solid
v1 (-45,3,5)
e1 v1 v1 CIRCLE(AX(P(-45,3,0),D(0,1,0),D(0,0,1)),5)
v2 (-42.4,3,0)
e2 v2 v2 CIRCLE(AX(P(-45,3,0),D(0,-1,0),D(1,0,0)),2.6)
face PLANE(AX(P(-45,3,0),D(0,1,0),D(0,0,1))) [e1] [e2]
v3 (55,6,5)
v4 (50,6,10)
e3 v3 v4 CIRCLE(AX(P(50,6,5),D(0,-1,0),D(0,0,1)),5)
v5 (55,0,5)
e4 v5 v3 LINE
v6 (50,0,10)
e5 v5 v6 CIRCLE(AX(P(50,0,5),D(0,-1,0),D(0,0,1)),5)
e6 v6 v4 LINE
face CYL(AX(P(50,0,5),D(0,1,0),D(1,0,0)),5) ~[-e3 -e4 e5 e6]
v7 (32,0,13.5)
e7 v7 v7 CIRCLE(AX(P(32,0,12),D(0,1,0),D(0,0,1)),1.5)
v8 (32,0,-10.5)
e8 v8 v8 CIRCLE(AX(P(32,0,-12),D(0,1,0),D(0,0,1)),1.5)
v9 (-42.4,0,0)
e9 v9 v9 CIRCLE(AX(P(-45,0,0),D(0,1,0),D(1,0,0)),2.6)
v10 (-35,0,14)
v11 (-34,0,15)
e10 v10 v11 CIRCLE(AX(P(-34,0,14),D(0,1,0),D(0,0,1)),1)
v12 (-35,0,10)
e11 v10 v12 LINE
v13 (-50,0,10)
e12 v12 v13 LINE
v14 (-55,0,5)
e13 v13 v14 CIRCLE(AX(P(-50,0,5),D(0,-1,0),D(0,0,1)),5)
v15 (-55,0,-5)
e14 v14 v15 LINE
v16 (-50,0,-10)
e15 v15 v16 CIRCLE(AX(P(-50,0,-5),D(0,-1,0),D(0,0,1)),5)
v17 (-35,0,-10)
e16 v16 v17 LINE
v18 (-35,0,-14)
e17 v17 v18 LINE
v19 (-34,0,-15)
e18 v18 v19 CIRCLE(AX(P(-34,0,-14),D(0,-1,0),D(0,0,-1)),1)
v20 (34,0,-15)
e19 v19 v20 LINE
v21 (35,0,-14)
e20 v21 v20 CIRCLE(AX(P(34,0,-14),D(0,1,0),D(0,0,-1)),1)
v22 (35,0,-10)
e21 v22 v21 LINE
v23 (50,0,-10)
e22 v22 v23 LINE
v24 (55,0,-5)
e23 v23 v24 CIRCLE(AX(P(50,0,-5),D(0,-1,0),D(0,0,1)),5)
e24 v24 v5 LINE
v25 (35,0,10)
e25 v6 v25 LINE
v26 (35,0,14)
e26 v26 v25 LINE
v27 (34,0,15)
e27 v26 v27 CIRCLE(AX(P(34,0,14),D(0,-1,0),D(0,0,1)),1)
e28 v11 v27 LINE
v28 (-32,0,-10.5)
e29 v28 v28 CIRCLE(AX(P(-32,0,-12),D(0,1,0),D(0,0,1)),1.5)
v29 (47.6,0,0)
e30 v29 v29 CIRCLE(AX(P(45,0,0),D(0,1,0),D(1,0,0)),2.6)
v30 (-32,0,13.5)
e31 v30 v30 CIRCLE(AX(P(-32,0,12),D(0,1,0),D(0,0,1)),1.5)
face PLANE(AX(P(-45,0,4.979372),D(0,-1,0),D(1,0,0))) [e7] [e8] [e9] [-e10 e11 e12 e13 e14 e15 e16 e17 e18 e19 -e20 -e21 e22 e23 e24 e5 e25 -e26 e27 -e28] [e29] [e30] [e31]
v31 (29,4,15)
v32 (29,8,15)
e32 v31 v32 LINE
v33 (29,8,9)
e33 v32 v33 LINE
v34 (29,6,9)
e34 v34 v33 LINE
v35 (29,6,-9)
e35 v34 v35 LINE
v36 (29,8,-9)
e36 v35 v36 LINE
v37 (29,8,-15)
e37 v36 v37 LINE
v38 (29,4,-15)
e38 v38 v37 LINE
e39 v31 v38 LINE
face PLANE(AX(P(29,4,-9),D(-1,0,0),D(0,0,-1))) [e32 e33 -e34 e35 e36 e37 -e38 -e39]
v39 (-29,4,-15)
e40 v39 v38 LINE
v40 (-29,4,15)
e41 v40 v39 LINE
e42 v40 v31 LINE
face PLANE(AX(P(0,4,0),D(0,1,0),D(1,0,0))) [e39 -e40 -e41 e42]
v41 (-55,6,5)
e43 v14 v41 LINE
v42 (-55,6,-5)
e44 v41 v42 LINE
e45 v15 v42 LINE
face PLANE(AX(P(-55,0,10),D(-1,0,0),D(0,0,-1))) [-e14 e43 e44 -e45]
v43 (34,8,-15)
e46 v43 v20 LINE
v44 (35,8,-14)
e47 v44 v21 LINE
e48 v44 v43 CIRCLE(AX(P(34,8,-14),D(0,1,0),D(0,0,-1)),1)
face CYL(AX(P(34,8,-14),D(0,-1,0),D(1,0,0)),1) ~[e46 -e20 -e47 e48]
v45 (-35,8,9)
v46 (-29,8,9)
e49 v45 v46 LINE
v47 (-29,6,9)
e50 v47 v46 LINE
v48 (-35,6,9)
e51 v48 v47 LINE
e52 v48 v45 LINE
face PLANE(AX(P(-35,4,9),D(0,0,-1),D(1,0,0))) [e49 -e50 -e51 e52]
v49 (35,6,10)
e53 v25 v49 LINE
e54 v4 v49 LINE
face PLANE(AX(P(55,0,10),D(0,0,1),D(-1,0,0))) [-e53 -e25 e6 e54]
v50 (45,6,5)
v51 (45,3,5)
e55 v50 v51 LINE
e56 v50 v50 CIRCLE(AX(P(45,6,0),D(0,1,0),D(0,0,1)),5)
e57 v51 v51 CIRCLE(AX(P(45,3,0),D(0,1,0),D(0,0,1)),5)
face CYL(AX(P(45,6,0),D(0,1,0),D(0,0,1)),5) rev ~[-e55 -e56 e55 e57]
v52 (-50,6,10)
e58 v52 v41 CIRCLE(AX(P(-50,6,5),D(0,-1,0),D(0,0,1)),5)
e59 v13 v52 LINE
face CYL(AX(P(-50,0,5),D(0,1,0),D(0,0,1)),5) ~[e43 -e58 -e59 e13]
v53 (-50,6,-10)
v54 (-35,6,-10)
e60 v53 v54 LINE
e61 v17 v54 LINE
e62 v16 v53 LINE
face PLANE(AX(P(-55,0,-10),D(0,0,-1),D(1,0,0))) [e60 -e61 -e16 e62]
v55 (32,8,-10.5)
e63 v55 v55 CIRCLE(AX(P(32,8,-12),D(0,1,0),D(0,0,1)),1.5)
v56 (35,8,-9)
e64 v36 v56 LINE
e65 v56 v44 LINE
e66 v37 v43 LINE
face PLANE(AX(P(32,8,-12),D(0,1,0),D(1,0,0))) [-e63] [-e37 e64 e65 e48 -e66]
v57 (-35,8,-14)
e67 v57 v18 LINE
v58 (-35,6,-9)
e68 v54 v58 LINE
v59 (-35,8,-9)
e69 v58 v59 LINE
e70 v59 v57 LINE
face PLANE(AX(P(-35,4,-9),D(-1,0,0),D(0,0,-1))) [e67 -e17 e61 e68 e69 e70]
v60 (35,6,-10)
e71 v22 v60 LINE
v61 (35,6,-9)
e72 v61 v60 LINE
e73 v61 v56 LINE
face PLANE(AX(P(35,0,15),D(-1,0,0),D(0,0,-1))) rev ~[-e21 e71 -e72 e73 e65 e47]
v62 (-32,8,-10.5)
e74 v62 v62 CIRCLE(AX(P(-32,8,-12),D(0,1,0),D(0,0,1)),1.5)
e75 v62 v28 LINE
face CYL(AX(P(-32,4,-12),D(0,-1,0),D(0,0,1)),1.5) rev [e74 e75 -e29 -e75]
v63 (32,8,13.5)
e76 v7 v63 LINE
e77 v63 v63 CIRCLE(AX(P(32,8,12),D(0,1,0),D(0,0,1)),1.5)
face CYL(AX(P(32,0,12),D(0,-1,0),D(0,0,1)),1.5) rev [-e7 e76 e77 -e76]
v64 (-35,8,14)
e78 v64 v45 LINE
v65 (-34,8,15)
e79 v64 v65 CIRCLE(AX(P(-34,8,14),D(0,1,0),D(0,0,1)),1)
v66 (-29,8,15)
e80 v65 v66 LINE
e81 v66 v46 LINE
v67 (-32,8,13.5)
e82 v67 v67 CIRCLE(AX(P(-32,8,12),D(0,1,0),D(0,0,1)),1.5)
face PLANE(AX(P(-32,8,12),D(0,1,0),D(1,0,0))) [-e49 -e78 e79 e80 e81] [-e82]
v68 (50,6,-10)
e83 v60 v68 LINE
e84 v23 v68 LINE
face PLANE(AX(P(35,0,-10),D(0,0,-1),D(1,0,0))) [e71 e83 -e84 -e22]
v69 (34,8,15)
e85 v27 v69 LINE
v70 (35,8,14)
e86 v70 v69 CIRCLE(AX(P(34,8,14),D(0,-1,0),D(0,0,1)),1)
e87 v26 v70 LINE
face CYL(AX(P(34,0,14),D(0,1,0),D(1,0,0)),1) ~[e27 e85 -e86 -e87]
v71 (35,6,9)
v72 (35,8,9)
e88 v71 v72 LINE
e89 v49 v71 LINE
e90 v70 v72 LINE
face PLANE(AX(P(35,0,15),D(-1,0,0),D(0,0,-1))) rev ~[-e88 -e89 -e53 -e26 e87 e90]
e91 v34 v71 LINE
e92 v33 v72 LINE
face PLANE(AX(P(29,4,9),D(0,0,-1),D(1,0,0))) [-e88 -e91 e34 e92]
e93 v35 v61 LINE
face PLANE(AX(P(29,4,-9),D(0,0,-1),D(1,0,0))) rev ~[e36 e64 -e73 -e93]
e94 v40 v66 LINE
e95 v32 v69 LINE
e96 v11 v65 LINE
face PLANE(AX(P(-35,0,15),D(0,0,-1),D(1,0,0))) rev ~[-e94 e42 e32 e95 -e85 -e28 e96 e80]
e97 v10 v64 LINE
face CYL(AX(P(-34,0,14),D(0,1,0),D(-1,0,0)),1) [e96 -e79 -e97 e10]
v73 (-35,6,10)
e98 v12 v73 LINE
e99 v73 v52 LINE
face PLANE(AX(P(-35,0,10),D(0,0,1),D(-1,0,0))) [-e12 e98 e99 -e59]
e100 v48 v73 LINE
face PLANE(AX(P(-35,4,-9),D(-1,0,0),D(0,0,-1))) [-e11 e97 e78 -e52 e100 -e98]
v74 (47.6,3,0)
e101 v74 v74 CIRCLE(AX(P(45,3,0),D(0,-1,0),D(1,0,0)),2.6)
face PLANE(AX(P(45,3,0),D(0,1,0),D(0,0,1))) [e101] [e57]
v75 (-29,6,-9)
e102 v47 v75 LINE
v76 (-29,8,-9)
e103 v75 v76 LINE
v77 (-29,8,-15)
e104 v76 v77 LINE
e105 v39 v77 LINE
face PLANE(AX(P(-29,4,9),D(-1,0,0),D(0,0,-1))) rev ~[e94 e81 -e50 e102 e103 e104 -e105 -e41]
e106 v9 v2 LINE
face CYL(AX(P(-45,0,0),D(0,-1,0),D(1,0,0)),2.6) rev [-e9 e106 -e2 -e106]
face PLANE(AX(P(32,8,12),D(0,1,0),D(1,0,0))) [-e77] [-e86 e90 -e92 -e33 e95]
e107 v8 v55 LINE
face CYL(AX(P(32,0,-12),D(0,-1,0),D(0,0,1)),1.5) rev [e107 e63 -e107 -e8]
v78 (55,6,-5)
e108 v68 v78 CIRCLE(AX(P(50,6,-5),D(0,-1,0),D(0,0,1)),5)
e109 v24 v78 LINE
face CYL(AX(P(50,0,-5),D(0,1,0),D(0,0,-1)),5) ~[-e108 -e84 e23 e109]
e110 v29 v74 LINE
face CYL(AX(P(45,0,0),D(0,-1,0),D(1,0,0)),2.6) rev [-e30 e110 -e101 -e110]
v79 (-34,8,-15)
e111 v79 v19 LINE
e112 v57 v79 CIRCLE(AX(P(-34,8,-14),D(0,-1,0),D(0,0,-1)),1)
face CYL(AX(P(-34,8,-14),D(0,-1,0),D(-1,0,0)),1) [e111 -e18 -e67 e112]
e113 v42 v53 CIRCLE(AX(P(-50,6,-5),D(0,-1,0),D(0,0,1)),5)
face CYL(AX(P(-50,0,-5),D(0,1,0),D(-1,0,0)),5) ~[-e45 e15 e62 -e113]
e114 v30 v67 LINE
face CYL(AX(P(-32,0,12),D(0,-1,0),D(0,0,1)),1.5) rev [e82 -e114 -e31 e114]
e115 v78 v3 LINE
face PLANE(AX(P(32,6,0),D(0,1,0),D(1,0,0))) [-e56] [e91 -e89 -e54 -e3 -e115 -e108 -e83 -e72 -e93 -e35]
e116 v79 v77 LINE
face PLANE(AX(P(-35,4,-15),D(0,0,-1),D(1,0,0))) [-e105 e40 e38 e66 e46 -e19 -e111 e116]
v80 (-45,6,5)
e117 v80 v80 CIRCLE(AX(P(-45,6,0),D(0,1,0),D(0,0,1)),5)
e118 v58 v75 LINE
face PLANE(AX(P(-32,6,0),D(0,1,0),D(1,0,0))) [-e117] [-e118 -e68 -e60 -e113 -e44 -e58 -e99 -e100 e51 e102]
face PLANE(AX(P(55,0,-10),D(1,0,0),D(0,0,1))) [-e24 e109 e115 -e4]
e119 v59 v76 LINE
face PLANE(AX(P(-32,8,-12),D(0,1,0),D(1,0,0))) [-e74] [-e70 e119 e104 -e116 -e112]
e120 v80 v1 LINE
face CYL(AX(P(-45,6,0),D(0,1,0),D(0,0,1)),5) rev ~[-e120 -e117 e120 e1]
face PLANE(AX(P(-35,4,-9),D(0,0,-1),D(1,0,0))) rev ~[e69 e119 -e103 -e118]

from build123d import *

# Parameters (mm, degrees)
SKETCH_25_W          = 70
SKETCH_25_H          = 30
SKETCH_25_R          = 1.5
EXTRUDE_9_DEPTH      = 4
SKETCH_26_W          = 6
SKETCH_26_H          = 6
SKETCH_26_R          = 1.5
EXTRUDE_10_DEPTH     = 4
FILLET_3_R           = 1
EXTRUDE_11_DEPTH     = 6
SKETCH_28_W          = 6
SKETCH_28_H          = 18
EXTRUDE_12_DEPTH     = 2
SKETCH_29_R          = 5
CUT_EXTRUDE_15_DEPTH = 3
FILLET_4_R           = 5


with BuildPart() as part:
    # 草图25 → 凸台-拉伸9 (new body)
    with BuildSketch(Plane(origin=(0, 0, 0), x_dir=(1, 0, 0), z_dir=(0, 1, 0))):
        Rectangle(SKETCH_25_W, SKETCH_25_H)
        with Locations(Location((-32, 12, 0), (0, 0, 270))):
            Circle(SKETCH_25_R, mode=Mode.SUBTRACT)
        with Locations(Location((32, 12, 0), (0, 0, 270))):
            Circle(SKETCH_25_R, mode=Mode.SUBTRACT)
        with Locations(Location((32, -12, 0), (0, 0, 270))):
            Circle(SKETCH_25_R, mode=Mode.SUBTRACT)
        with Locations(Location((-32, -12, 0), (0, 0, 270))):
            Circle(SKETCH_25_R, mode=Mode.SUBTRACT)
    extrude(amount=EXTRUDE_9_DEPTH)

    # 草图26 → 凸台-拉伸10 (add)
    # profile 1 of 4: a face of its own
    with BuildSketch(Plane(origin=(0, 4, 0), x_dir=(1, 0, 0), z_dir=(0, 1, 0))):
        with Locations((-32, 12)):
            Rectangle(SKETCH_26_W, SKETCH_26_H)
        with Locations(Location((-32, 12, 0), (0, 0, 270))):
            Circle(SKETCH_26_R, mode=Mode.SUBTRACT)
    # profile 2 of 4: a face of its own
    with BuildSketch(Plane(origin=(0, 4, 0), x_dir=(1, 0, 0), z_dir=(0, 1, 0))):
        with Locations((-32, -12)):
            Rectangle(SKETCH_26_W, SKETCH_26_H)
        with Locations(Location((-32, -12, 0), (0, 0, 270))):
            Circle(SKETCH_26_R, mode=Mode.SUBTRACT)
    # profile 3 of 4: a face of its own
    with BuildSketch(Plane(origin=(0, 4, 0), x_dir=(1, 0, 0), z_dir=(0, 1, 0))):
        with Locations((32, -12)):
            Rectangle(SKETCH_26_W, SKETCH_26_H)
        with Locations(Location((32, -12, 0), (0, 0, 270))):
            Circle(SKETCH_26_R, mode=Mode.SUBTRACT)
    # profile 4 of 4: a face of its own
    with BuildSketch(Plane(origin=(0, 4, 0), x_dir=(1, 0, 0), z_dir=(0, 1, 0))):
        with Locations((32, 12)):
            Rectangle(SKETCH_26_W, SKETCH_26_H)
        with Locations(Location((32, 12, 0), (0, 0, 270))):
            Circle(SKETCH_26_R, mode=Mode.SUBTRACT)
    extrude(amount=EXTRUDE_10_DEPTH)

    # 圆角3
    fillet_3_edges = [part.edges().sort_by_distance(p)[0] for p in [
        (-35, 4, -15),
        (35, 4, -15),
        (35, 4, 15),
        (-35, 4, 15),
    ]]
    fillet(fillet_3_edges, radius=FILLET_3_R)

    # 草图27 → 凸台-拉伸11 (add)
    with BuildSketch(Plane.XZ):
        with BuildLine():
            Line((-42.4, 0), (-35, 0))
            Line((-35, 0), (-35, 10))
            Line((-35, 10), (-55, 10))
            Line((-55, 10), (-55, 0))
            Line((-55, 0), (-47.6, 0))
            ThreePointArc((-47.6, 0), (-45, 2.6), (-42.4, 0))
        make_face()
        with BuildLine():
            Line((-35, -10), (-35, 0))
            Line((-35, 0), (-42.4, 0))
            ThreePointArc((-42.4, 0), (-45, -2.6), (-47.6, 0))
            Line((-47.6, 0), (-55, 0))
            Line((-55, 0), (-55, -10))
            Line((-55, -10), (-35, -10))
        make_face()
        with BuildLine():
            ThreePointArc((42.4, 0), (45, 2.6), (47.6, 0))
            Line((47.6, 0), (55, 0))
            Line((55, 0), (55, 10))
            Line((55, 10), (35, 10))
            Line((35, 10), (35, 0))
            Line((35, 0), (42.4, 0))
        make_face()
        with BuildLine():
            Line((55, 0), (47.6, 0))
            ThreePointArc((47.6, 0), (45, -2.6), (42.4, 0))
            Line((42.4, 0), (35, 0))
            Line((35, 0), (35, -10))
            Line((35, -10), (55, -10))
            Line((55, -10), (55, 0))
        make_face()
    extrude(amount=-EXTRUDE_11_DEPTH)

    # 草图28 → 凸台-拉伸12 (add)
    with BuildSketch(Plane(origin=(0, 4, 0), x_dir=(1, 0, 0), z_dir=(0, 1, 0))):
        with Locations((-32, 0)):
            Rectangle(SKETCH_28_W, SKETCH_28_H)
        with Locations((32, 0)):
            Rectangle(SKETCH_28_W, SKETCH_28_H)
    extrude(amount=EXTRUDE_12_DEPTH)

    # 草图29 → 切除-拉伸15 (cut)
    with BuildSketch(Plane(origin=(0, 6, 0), x_dir=(1, 0, 0), z_dir=(0, 1, 0))):
        with Locations(Location((-45, 0, 0), (0, 0, 270))):
            Circle(SKETCH_29_R)
        with Locations(Location((45, 0, 0), (0, 0, 270))):
            Circle(SKETCH_29_R)
    extrude(amount=-CUT_EXTRUDE_15_DEPTH, mode=Mode.SUBTRACT)

    # 圆角4
    fillet_4_edges = [part.edges().sort_by_distance(p)[0] for p in [
        (-55, 3, -10),
        (-55, 3, 10),
        (55, 3, -10),
        (55, 3, 10),
    ]]
    fillet(fillet_4_edges, radius=FILLET_4_R)


solid = part.part
